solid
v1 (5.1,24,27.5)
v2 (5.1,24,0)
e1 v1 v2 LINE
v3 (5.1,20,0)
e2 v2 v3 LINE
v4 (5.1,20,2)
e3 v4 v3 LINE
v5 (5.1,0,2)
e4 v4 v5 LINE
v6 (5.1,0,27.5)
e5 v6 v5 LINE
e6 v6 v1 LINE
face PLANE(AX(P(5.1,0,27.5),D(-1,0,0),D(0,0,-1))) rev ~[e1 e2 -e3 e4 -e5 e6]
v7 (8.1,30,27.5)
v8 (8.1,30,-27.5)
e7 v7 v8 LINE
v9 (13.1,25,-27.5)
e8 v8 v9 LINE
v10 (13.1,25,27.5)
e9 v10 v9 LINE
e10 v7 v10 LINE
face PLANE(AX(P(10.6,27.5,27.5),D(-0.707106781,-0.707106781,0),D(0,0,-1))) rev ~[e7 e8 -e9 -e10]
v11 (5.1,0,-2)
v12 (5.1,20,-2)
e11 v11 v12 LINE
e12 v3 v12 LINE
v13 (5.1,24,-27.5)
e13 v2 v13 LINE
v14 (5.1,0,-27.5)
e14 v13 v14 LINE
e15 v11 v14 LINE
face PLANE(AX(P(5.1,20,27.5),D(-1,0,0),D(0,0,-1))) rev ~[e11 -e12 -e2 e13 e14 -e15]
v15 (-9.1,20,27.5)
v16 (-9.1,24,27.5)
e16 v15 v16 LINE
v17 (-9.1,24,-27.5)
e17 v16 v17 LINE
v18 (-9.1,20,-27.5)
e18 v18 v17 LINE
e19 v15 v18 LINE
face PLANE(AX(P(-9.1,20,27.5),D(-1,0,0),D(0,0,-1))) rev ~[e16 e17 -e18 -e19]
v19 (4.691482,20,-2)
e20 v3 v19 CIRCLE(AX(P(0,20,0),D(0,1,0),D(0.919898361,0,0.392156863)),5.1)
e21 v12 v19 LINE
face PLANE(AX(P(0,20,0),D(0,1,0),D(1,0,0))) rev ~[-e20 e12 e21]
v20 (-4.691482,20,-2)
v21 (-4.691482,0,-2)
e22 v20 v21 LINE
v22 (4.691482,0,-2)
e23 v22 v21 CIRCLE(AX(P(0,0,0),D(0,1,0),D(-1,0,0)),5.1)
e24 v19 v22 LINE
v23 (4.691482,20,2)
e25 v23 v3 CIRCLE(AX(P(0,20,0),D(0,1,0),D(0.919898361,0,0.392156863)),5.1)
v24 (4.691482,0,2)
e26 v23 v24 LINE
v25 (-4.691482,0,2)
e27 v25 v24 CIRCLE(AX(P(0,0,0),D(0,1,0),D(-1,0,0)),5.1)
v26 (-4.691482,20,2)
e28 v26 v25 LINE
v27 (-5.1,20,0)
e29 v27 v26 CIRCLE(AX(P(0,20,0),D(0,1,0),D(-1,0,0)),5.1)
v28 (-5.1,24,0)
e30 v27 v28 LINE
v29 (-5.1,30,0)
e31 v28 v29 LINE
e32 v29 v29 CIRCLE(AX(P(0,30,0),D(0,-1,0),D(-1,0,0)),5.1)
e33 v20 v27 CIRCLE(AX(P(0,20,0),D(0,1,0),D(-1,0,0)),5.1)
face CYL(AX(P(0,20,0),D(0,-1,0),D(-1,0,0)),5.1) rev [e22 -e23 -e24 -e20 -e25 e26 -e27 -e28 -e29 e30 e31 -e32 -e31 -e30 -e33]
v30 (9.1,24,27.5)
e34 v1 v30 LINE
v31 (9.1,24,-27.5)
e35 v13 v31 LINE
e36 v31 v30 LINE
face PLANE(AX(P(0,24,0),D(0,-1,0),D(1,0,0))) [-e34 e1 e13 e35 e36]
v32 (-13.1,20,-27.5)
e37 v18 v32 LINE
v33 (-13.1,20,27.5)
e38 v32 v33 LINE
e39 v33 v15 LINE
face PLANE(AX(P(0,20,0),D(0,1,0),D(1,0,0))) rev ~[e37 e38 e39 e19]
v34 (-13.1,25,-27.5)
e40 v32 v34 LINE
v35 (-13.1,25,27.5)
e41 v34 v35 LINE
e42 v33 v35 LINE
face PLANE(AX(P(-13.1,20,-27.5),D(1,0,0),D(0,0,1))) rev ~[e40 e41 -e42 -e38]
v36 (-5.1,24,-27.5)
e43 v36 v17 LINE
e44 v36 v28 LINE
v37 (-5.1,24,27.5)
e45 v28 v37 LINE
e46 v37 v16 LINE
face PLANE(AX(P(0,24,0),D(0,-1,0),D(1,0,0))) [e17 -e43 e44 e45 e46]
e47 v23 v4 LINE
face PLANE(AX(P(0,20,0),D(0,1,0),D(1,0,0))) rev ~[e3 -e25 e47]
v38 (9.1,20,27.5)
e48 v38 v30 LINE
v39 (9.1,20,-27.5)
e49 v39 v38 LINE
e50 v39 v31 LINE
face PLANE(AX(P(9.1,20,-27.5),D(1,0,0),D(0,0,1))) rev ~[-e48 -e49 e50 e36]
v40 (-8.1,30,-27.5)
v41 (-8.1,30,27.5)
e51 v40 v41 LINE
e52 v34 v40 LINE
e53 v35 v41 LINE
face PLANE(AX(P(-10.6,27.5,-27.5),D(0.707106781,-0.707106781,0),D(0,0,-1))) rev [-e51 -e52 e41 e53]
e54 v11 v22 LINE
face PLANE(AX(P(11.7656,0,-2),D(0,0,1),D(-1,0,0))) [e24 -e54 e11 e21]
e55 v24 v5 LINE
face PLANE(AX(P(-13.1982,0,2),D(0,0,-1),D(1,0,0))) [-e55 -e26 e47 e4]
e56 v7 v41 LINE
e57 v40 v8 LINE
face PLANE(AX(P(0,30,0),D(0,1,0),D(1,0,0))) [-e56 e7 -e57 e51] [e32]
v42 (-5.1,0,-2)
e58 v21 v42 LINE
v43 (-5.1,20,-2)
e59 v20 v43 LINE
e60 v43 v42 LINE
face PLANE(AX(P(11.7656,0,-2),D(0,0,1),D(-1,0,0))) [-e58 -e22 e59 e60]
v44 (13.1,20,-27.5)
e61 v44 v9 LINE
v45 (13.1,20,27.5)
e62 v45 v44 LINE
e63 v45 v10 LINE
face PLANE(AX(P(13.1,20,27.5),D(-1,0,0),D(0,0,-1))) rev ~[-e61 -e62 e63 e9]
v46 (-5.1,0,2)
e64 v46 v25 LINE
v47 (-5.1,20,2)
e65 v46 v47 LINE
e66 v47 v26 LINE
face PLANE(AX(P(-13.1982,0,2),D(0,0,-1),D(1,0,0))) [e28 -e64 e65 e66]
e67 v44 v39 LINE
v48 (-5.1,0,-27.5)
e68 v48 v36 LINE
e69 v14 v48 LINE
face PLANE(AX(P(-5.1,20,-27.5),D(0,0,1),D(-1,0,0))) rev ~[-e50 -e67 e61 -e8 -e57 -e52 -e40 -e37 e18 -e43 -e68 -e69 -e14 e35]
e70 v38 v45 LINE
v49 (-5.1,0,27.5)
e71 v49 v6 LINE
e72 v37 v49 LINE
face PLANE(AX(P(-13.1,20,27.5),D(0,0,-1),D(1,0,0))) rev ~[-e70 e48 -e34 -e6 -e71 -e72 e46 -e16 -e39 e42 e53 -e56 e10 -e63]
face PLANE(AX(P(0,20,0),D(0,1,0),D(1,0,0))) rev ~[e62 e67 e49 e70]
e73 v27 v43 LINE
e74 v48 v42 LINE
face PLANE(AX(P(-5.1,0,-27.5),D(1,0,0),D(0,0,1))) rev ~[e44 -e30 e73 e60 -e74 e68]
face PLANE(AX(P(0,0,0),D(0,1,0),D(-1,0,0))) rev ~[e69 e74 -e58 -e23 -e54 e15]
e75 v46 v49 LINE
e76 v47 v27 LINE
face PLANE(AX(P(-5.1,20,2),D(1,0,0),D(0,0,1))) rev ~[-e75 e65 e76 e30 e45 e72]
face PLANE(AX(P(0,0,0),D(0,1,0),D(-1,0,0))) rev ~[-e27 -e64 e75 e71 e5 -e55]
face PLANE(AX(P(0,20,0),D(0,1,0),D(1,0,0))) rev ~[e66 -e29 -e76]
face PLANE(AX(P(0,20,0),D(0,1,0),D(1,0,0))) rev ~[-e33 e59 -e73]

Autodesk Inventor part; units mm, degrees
ref_plane "YZ Plane" through (0, 0, 0) normal (1, 0, 0) x (0, 1, 0)
ref_plane "XZ Plane" through (0, 0, 0) normal (0, 1, 0) x (-1, 0, 0)
ref_plane "XY Plane" through (0, 0, 0) normal (0, 0, 1) x (1, 0, 0)
sketch "Boceto1" plane through (0, 0, 0) normal (0, 1, 0) x (-1, 0, 0)
  line L0 (5.1, 27.5) -> (-5.1, 27.5)
  line L1 (-5.1, 27.5) -> (-5.1, -27.5)
  line L2 (-5.1, -27.5) -> (5.1, -27.5)
  line L3 (5.1, -27.5) -> (5.1, 27.5)
  circle A0 centre (0, 0) radius 5.1
  line L4 (0, 0) -> (7.6193, 0) construction
  point P0 (-5.1, 0)
  dimension "d0" = 10.2
  dimension "d12" = 55
extrude "Extrusión1" add sketch "Boceto1" along normal blind 20 contours L3 A0 L1 L0 | L3 L2 L1 A0
sketch "Boceto2" plane through (0, 20, 0) normal (0, 1, 0) x (1, 0, 0)
  line L0 (-13.1, -27.5) -> (13.1, -27.5)
  line L1 (13.1, -27.5) -> (13.1, 27.5)
  line L2 (13.1, 27.5) -> (-13.1, 27.5)
  line L3 (-13.1, 27.5) -> (-13.1, -27.5)
  line L4 (-5.1, -27.5) -> (5.1, -27.5) projected
  line L5 (5.1, 27.5) -> (-5.1, 27.5) projected
  arc A0 (-5.1, 0) -> (5.1, 0) centre (0, 0) ccw projected
  line L6 (-5.1, 0) -> (-13.1, 0) construction
  circle A1 centre (0, 0) radius 5.1
  point P0 (0, -27.5)
  point P1 (0, 27.5)
  dimension "d3" = 8
extrude "Extrusión2" add sketch "Boceto2" along normal blind 10
sketch "Boceto3" plane through (0, 0, 0) normal (0, -1, 0) x (1, 0, 0)
  line L0 (-13.1982, 2) -> (11.7656, 2)
  line L1 (11.7656, 2) -> (11.7656, -2)
  line L2 (11.7656, -2) -> (-13.1982, -2)
  line L3 (-13.1982, -2) -> (-13.1982, 2)
  line L4 (0, 0) -> (-16.4322, 0) construction
  dimension "d6" = 4
extrude "Extrusión3" cut sketch "Boceto3" against normal up to surface (20 mm away)
chamfer "Chaflán1" distance 5 angle 45 2 edges at (13.1, 30, 0) (-13.1, 30, 0)
sketch "Boceto4" plane through (0, 20, 0) normal (0, -1, 0) x (1, 0, 0)
  line L0 (5.1, -27.5) -> (9.1, -27.5)
  line L1 (9.1, -27.5) -> (9.1, 27.5)
  line L2 (5.1, 27.5) -> (13.1, 27.5) projected
  line L3 (9.1, 27.5) -> (5.1, 27.5)
  line L4 (13.1, -27.5) -> (5.1, -27.5) projected
  line L5 (5.1, 27.5) -> (5.1, -27.5)
  line L6 (-5.1, -27.5) -> (-13.1, -27.5) projected
  line L7 (-5.1, -27.5) -> (-9.1, -27.5)
  line L8 (-5.1, 2) -> (-5.1, 27.5) projected
  line L9 (-5.1, 27.5) -> (-9.1, 27.5)
  line L10 (-13.1, 27.5) -> (-5.1, 27.5) projected
  line L11 (-9.1, 27.5) -> (-9.1, -27.5)
  line L12 (-5.1, -27.5) -> (-5.1, -2) projected
  line L13 (-5.1, 27.5) -> (-5.1, -27.5)
  point P0 (0, 0)
  dimension "d13" = 4
  dimension "d14" = 4
extrude "Extrusión4" cut sketch "Boceto4" against normal blind 4
properties part number "SoporteVarilla"
